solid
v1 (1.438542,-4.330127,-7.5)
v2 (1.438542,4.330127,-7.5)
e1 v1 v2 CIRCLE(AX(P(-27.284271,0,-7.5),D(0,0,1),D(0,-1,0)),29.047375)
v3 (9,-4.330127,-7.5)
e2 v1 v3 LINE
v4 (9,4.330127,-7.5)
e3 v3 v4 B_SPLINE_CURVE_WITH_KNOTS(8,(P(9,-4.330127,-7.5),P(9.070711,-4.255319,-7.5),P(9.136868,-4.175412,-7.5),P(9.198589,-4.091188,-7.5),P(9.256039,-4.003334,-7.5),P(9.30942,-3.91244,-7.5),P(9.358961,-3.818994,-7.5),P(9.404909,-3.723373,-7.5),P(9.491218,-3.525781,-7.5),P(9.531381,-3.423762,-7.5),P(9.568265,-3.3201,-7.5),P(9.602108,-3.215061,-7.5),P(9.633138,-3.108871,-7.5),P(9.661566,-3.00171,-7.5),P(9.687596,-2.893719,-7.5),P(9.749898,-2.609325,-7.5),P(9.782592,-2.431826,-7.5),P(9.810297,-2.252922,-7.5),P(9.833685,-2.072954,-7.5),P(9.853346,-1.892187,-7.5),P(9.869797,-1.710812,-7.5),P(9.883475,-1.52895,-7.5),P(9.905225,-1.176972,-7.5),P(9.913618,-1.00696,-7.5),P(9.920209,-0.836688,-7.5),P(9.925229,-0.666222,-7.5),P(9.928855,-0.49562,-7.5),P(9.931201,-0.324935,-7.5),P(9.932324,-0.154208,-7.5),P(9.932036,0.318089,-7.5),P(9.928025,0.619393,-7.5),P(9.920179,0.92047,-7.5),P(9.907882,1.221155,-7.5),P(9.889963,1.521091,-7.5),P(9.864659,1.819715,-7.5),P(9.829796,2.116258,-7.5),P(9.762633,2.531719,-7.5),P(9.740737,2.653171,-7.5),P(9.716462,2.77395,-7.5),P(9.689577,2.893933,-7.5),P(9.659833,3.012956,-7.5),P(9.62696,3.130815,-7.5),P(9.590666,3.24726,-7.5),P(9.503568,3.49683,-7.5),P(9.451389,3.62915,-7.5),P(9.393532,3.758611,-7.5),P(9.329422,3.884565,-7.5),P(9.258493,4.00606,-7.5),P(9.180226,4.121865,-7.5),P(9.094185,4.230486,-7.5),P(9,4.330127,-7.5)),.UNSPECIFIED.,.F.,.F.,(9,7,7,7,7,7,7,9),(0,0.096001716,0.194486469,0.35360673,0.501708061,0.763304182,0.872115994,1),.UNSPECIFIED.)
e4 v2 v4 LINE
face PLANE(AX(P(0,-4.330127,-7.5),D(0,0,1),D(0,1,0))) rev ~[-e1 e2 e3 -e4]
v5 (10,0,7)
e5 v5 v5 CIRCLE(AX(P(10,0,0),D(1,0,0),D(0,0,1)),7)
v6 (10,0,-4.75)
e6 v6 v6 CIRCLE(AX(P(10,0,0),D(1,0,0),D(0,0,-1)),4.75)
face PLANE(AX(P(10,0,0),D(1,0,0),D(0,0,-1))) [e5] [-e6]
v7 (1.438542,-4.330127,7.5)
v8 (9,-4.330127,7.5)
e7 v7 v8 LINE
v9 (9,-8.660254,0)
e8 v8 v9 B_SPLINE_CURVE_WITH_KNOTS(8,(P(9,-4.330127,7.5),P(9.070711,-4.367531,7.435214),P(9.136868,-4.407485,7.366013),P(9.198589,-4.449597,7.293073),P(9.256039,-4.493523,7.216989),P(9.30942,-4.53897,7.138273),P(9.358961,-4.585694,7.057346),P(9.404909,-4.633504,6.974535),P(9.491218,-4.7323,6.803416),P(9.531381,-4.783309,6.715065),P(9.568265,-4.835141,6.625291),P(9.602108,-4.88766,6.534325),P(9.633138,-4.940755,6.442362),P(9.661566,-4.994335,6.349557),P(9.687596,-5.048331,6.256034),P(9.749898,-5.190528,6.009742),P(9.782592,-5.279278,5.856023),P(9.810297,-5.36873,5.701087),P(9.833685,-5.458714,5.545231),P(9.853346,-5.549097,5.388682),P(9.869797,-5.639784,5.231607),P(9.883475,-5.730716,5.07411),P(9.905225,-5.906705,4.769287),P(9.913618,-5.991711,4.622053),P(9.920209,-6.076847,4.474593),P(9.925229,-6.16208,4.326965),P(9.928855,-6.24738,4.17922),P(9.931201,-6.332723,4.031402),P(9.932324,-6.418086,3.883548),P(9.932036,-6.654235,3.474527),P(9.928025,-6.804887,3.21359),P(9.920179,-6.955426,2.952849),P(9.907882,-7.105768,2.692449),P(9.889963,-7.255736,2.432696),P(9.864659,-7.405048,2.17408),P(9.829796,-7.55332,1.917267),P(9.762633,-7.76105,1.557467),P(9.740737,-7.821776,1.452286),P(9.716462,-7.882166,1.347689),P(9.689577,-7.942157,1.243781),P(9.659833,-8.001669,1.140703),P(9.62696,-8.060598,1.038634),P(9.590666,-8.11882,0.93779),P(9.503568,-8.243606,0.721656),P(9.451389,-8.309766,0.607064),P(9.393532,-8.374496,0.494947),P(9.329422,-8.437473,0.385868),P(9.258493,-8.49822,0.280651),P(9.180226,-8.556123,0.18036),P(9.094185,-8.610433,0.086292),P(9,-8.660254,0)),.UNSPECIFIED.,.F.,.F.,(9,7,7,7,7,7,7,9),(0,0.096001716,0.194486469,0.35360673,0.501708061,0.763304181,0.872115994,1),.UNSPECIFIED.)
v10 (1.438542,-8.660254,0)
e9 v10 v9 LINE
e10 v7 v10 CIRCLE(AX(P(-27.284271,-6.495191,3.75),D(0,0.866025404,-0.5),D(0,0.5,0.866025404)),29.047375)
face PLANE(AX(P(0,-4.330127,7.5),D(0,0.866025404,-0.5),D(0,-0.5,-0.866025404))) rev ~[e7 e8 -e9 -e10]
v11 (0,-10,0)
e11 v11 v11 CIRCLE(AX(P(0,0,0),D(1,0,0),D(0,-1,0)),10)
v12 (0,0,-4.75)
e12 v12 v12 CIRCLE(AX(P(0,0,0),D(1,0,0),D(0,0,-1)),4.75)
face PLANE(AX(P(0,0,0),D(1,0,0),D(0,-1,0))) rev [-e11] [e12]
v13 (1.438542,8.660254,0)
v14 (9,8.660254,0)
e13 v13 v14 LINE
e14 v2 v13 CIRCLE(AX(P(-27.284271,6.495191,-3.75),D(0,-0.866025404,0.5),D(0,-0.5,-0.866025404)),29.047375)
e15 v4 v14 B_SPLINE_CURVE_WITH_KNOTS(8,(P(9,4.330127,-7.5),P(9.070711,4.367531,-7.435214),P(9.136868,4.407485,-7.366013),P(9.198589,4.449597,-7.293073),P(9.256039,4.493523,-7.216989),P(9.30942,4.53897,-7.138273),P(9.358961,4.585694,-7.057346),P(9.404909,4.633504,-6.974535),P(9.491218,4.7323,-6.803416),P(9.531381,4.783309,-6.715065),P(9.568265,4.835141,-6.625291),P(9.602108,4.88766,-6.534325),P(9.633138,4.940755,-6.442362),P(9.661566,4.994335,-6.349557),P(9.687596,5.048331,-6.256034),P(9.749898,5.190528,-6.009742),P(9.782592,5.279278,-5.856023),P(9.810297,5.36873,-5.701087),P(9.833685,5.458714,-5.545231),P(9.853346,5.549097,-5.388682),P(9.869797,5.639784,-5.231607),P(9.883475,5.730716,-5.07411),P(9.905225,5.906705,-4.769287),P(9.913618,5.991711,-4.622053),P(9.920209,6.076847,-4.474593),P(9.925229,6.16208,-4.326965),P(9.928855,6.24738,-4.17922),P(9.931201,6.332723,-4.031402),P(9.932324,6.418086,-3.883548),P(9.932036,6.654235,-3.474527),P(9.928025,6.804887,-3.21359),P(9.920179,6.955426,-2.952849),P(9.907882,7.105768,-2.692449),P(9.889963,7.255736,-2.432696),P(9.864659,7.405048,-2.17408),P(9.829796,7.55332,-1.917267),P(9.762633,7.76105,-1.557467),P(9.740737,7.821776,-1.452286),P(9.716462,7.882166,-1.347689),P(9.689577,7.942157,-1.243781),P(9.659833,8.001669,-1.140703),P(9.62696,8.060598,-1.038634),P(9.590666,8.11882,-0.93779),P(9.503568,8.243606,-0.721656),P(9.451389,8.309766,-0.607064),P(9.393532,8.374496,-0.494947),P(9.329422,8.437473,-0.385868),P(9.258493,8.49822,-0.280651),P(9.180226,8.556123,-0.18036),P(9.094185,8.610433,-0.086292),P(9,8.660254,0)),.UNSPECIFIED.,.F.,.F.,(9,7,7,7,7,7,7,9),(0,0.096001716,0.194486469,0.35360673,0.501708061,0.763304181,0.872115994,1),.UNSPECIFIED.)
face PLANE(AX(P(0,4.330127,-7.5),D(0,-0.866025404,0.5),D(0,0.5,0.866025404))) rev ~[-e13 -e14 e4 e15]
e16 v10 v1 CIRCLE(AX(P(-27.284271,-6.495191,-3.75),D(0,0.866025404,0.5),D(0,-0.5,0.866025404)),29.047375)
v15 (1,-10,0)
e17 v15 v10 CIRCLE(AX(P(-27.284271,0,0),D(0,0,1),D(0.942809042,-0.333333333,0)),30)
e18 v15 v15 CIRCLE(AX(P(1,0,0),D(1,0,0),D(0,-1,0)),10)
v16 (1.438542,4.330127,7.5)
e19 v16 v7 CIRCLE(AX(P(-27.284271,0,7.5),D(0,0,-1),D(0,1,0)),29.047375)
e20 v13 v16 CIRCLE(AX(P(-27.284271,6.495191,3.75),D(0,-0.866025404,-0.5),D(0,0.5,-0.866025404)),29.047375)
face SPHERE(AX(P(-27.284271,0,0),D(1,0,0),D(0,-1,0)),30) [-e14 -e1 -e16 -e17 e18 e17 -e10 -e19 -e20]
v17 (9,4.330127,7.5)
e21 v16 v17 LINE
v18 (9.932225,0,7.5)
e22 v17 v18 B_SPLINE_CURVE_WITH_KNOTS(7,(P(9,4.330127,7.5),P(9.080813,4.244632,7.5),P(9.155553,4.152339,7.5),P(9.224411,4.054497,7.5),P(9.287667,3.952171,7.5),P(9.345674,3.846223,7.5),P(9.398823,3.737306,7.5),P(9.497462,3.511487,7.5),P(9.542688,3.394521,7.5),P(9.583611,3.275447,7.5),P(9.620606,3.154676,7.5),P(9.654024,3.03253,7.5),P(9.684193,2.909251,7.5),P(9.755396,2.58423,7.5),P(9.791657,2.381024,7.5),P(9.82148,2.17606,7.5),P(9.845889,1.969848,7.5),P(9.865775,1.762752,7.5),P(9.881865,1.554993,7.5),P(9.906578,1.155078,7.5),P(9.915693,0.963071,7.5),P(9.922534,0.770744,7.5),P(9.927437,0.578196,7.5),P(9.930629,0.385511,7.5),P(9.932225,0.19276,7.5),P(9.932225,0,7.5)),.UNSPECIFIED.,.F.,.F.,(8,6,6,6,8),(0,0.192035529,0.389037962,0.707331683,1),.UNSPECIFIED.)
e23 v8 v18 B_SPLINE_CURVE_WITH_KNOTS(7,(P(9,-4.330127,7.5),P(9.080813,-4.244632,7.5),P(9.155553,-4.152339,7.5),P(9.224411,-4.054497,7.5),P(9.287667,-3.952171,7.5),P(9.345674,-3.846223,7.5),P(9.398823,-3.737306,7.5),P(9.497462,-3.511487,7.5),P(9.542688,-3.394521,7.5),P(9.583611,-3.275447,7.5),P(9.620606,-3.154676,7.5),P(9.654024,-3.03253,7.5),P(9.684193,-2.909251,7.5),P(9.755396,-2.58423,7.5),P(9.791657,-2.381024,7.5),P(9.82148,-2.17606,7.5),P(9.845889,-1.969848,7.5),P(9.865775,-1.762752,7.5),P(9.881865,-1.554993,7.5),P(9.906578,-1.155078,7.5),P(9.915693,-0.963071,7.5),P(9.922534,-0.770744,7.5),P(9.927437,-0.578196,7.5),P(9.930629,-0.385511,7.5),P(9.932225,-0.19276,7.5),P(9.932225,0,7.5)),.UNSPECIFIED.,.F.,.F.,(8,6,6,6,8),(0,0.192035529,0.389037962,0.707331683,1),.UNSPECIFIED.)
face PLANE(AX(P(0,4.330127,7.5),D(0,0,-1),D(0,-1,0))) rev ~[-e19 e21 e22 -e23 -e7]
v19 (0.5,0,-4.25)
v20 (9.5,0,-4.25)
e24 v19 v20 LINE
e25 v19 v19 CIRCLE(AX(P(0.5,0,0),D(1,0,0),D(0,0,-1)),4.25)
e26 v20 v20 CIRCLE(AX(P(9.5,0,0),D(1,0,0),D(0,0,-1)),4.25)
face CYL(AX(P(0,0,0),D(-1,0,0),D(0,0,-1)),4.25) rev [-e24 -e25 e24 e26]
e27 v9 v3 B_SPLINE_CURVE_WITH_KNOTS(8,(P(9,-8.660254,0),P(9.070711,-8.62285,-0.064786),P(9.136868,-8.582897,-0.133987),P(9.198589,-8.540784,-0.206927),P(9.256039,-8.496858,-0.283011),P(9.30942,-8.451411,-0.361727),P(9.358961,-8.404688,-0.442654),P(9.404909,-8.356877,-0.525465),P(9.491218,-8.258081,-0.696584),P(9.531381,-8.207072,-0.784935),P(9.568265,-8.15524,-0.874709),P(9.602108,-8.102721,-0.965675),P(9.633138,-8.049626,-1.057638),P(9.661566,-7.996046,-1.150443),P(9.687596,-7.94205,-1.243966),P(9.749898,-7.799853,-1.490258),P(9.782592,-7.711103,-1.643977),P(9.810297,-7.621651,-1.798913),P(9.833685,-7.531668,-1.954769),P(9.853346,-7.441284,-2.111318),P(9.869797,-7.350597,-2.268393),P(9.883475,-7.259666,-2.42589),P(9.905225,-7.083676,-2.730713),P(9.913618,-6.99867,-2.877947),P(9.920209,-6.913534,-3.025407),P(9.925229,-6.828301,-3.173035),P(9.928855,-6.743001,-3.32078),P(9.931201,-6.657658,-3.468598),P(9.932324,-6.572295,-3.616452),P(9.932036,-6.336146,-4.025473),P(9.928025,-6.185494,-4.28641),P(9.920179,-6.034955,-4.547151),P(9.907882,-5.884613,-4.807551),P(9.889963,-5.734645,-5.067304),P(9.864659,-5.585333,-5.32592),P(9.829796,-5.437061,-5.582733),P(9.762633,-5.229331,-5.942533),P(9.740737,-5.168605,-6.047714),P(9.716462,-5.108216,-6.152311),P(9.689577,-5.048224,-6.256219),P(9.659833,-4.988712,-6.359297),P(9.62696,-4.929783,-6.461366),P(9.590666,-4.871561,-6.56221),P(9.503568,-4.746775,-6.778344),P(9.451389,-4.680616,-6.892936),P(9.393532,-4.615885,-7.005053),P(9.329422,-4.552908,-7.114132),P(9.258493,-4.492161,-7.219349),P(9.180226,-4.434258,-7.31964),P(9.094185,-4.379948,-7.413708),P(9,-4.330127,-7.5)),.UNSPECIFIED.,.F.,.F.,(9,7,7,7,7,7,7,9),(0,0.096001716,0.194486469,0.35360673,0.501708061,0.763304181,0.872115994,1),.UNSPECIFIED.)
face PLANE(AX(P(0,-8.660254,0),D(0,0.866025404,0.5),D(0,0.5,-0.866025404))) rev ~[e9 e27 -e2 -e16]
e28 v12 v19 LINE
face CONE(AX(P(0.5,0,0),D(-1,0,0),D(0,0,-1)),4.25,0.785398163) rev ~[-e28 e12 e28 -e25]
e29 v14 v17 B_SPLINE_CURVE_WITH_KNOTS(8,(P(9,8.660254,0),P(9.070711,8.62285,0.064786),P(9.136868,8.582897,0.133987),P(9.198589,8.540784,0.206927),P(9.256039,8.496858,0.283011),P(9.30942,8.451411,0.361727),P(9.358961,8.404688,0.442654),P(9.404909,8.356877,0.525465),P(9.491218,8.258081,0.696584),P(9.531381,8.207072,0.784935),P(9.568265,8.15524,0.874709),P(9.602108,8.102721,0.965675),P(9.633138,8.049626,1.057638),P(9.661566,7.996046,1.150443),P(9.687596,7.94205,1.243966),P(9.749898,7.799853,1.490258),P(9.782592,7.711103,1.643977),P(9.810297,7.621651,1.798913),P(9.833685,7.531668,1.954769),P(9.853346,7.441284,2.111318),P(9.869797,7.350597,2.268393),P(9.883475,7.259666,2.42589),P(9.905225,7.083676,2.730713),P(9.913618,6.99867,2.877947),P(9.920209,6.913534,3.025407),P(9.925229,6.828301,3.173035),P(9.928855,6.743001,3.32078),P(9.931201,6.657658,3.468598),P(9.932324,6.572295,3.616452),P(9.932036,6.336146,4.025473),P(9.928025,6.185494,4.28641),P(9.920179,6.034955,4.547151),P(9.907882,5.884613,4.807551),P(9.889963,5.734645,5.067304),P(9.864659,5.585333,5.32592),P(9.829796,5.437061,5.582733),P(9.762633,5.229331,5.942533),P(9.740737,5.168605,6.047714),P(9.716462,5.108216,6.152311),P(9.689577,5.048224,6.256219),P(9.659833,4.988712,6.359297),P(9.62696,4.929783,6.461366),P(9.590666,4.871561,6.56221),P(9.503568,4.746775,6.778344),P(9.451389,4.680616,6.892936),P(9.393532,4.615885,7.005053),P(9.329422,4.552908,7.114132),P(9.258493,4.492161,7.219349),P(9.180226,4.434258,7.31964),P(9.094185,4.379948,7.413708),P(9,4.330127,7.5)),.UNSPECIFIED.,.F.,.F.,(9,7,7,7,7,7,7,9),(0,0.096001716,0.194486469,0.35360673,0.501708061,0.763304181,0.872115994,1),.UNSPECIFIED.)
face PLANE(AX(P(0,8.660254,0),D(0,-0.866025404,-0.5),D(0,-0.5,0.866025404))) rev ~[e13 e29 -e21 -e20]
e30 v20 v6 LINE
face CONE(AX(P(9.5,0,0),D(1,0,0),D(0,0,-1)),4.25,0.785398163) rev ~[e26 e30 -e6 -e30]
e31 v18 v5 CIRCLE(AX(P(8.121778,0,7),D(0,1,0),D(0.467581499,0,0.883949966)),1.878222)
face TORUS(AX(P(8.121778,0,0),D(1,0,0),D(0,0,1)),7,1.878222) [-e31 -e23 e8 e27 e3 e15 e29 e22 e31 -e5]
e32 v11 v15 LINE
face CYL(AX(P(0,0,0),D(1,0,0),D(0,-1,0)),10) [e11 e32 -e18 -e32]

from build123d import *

# Parameters (mm, degrees)
EXTRUSION1_DEPTH        = 10
ESQUISSE4_R             = 4.25
ENL_V_MAT_EXTRU_2_DEPTH = 10
CHANFREIN1_SIZE         = 0.5


with BuildPart() as part:
    # Esquisse1 → Extrusion1 (new body)
    with BuildSketch(Plane(origin=(0, 0, 0), x_dir=(0, 0, -1), z_dir=(1, 0, 0))):
        Polygon((0, 8.660254038), (-7.5, 4.330127019), (-7.5, -4.330127019), (0, -8.660254038), (7.5, -4.330127019), (7.5, 4.330127019), align=None)
    extrude(amount=EXTRUSION1_DEPTH)

    # Esquisse2 → Enlèvement de matière-Révolution1 (revolve, cut)
    with BuildSketch(Plane.XY, mode=Mode.PRIVATE) as enl_vement_de_mati_re_r_volution1_sk:
        with BuildLine():
            Line((10, 8.660254038), (9, 8.660254038))
            ThreePointArc((9, 8.660254038), (9.730692812, 7.969077328), (10, 7))
            Line((10, 7), (10, 8.660254038))
        make_face()
    revolve(enl_vement_de_mati_re_r_volution1_sk.sketch.rotate(Axis((0, 0, 0), (1, 0, 0)), 90), axis=Axis((0, 0, 0), (1, 0, 0)), mode=Mode.SUBTRACT)  # turned: the seam where the file's is

    # Esquisse3 → Révolution1 (revolve)
    with BuildSketch(Plane.XY, mode=Mode.PRIVATE) as r_volution1_sk:
        with BuildLine():
            Line((0, 0), (0, 10))
            Line((0, 10), (1, 10))
            ThreePointArc((1, 10), (2.283685542, 5.073059362), (2.715728753, 0))
            Line((2.715728753, 0), (0, 0))
        make_face()
    revolve(r_volution1_sk.sketch.rotate(Axis((0, 0, 0), (1, 0, 0)), 180), axis=Axis((0, 0, 0), (1, 0, 0)))  # turned: the seam where the file's is

    # Esquisse4 → Enlèv. mat.-Extru.2 (cut)
    with BuildSketch(Plane(origin=(0, 0, 0), x_dir=(0, 0, -1), z_dir=(1, 0, 0))):
        Circle(ESQUISSE4_R)
    extrude(amount=ENL_V_MAT_EXTRU_2_DEPTH, mode=Mode.SUBTRACT)

    # Chanfrein1
    chanfrein1_edges = [part.edges().sort_by_distance(p)[0] for p in [
        (0, 0, 4.25),
        (10, 0, 4.25),
    ]]
    chamfer(chanfrein1_edges, length=CHANFREIN1_SIZE)


solid = part.part
